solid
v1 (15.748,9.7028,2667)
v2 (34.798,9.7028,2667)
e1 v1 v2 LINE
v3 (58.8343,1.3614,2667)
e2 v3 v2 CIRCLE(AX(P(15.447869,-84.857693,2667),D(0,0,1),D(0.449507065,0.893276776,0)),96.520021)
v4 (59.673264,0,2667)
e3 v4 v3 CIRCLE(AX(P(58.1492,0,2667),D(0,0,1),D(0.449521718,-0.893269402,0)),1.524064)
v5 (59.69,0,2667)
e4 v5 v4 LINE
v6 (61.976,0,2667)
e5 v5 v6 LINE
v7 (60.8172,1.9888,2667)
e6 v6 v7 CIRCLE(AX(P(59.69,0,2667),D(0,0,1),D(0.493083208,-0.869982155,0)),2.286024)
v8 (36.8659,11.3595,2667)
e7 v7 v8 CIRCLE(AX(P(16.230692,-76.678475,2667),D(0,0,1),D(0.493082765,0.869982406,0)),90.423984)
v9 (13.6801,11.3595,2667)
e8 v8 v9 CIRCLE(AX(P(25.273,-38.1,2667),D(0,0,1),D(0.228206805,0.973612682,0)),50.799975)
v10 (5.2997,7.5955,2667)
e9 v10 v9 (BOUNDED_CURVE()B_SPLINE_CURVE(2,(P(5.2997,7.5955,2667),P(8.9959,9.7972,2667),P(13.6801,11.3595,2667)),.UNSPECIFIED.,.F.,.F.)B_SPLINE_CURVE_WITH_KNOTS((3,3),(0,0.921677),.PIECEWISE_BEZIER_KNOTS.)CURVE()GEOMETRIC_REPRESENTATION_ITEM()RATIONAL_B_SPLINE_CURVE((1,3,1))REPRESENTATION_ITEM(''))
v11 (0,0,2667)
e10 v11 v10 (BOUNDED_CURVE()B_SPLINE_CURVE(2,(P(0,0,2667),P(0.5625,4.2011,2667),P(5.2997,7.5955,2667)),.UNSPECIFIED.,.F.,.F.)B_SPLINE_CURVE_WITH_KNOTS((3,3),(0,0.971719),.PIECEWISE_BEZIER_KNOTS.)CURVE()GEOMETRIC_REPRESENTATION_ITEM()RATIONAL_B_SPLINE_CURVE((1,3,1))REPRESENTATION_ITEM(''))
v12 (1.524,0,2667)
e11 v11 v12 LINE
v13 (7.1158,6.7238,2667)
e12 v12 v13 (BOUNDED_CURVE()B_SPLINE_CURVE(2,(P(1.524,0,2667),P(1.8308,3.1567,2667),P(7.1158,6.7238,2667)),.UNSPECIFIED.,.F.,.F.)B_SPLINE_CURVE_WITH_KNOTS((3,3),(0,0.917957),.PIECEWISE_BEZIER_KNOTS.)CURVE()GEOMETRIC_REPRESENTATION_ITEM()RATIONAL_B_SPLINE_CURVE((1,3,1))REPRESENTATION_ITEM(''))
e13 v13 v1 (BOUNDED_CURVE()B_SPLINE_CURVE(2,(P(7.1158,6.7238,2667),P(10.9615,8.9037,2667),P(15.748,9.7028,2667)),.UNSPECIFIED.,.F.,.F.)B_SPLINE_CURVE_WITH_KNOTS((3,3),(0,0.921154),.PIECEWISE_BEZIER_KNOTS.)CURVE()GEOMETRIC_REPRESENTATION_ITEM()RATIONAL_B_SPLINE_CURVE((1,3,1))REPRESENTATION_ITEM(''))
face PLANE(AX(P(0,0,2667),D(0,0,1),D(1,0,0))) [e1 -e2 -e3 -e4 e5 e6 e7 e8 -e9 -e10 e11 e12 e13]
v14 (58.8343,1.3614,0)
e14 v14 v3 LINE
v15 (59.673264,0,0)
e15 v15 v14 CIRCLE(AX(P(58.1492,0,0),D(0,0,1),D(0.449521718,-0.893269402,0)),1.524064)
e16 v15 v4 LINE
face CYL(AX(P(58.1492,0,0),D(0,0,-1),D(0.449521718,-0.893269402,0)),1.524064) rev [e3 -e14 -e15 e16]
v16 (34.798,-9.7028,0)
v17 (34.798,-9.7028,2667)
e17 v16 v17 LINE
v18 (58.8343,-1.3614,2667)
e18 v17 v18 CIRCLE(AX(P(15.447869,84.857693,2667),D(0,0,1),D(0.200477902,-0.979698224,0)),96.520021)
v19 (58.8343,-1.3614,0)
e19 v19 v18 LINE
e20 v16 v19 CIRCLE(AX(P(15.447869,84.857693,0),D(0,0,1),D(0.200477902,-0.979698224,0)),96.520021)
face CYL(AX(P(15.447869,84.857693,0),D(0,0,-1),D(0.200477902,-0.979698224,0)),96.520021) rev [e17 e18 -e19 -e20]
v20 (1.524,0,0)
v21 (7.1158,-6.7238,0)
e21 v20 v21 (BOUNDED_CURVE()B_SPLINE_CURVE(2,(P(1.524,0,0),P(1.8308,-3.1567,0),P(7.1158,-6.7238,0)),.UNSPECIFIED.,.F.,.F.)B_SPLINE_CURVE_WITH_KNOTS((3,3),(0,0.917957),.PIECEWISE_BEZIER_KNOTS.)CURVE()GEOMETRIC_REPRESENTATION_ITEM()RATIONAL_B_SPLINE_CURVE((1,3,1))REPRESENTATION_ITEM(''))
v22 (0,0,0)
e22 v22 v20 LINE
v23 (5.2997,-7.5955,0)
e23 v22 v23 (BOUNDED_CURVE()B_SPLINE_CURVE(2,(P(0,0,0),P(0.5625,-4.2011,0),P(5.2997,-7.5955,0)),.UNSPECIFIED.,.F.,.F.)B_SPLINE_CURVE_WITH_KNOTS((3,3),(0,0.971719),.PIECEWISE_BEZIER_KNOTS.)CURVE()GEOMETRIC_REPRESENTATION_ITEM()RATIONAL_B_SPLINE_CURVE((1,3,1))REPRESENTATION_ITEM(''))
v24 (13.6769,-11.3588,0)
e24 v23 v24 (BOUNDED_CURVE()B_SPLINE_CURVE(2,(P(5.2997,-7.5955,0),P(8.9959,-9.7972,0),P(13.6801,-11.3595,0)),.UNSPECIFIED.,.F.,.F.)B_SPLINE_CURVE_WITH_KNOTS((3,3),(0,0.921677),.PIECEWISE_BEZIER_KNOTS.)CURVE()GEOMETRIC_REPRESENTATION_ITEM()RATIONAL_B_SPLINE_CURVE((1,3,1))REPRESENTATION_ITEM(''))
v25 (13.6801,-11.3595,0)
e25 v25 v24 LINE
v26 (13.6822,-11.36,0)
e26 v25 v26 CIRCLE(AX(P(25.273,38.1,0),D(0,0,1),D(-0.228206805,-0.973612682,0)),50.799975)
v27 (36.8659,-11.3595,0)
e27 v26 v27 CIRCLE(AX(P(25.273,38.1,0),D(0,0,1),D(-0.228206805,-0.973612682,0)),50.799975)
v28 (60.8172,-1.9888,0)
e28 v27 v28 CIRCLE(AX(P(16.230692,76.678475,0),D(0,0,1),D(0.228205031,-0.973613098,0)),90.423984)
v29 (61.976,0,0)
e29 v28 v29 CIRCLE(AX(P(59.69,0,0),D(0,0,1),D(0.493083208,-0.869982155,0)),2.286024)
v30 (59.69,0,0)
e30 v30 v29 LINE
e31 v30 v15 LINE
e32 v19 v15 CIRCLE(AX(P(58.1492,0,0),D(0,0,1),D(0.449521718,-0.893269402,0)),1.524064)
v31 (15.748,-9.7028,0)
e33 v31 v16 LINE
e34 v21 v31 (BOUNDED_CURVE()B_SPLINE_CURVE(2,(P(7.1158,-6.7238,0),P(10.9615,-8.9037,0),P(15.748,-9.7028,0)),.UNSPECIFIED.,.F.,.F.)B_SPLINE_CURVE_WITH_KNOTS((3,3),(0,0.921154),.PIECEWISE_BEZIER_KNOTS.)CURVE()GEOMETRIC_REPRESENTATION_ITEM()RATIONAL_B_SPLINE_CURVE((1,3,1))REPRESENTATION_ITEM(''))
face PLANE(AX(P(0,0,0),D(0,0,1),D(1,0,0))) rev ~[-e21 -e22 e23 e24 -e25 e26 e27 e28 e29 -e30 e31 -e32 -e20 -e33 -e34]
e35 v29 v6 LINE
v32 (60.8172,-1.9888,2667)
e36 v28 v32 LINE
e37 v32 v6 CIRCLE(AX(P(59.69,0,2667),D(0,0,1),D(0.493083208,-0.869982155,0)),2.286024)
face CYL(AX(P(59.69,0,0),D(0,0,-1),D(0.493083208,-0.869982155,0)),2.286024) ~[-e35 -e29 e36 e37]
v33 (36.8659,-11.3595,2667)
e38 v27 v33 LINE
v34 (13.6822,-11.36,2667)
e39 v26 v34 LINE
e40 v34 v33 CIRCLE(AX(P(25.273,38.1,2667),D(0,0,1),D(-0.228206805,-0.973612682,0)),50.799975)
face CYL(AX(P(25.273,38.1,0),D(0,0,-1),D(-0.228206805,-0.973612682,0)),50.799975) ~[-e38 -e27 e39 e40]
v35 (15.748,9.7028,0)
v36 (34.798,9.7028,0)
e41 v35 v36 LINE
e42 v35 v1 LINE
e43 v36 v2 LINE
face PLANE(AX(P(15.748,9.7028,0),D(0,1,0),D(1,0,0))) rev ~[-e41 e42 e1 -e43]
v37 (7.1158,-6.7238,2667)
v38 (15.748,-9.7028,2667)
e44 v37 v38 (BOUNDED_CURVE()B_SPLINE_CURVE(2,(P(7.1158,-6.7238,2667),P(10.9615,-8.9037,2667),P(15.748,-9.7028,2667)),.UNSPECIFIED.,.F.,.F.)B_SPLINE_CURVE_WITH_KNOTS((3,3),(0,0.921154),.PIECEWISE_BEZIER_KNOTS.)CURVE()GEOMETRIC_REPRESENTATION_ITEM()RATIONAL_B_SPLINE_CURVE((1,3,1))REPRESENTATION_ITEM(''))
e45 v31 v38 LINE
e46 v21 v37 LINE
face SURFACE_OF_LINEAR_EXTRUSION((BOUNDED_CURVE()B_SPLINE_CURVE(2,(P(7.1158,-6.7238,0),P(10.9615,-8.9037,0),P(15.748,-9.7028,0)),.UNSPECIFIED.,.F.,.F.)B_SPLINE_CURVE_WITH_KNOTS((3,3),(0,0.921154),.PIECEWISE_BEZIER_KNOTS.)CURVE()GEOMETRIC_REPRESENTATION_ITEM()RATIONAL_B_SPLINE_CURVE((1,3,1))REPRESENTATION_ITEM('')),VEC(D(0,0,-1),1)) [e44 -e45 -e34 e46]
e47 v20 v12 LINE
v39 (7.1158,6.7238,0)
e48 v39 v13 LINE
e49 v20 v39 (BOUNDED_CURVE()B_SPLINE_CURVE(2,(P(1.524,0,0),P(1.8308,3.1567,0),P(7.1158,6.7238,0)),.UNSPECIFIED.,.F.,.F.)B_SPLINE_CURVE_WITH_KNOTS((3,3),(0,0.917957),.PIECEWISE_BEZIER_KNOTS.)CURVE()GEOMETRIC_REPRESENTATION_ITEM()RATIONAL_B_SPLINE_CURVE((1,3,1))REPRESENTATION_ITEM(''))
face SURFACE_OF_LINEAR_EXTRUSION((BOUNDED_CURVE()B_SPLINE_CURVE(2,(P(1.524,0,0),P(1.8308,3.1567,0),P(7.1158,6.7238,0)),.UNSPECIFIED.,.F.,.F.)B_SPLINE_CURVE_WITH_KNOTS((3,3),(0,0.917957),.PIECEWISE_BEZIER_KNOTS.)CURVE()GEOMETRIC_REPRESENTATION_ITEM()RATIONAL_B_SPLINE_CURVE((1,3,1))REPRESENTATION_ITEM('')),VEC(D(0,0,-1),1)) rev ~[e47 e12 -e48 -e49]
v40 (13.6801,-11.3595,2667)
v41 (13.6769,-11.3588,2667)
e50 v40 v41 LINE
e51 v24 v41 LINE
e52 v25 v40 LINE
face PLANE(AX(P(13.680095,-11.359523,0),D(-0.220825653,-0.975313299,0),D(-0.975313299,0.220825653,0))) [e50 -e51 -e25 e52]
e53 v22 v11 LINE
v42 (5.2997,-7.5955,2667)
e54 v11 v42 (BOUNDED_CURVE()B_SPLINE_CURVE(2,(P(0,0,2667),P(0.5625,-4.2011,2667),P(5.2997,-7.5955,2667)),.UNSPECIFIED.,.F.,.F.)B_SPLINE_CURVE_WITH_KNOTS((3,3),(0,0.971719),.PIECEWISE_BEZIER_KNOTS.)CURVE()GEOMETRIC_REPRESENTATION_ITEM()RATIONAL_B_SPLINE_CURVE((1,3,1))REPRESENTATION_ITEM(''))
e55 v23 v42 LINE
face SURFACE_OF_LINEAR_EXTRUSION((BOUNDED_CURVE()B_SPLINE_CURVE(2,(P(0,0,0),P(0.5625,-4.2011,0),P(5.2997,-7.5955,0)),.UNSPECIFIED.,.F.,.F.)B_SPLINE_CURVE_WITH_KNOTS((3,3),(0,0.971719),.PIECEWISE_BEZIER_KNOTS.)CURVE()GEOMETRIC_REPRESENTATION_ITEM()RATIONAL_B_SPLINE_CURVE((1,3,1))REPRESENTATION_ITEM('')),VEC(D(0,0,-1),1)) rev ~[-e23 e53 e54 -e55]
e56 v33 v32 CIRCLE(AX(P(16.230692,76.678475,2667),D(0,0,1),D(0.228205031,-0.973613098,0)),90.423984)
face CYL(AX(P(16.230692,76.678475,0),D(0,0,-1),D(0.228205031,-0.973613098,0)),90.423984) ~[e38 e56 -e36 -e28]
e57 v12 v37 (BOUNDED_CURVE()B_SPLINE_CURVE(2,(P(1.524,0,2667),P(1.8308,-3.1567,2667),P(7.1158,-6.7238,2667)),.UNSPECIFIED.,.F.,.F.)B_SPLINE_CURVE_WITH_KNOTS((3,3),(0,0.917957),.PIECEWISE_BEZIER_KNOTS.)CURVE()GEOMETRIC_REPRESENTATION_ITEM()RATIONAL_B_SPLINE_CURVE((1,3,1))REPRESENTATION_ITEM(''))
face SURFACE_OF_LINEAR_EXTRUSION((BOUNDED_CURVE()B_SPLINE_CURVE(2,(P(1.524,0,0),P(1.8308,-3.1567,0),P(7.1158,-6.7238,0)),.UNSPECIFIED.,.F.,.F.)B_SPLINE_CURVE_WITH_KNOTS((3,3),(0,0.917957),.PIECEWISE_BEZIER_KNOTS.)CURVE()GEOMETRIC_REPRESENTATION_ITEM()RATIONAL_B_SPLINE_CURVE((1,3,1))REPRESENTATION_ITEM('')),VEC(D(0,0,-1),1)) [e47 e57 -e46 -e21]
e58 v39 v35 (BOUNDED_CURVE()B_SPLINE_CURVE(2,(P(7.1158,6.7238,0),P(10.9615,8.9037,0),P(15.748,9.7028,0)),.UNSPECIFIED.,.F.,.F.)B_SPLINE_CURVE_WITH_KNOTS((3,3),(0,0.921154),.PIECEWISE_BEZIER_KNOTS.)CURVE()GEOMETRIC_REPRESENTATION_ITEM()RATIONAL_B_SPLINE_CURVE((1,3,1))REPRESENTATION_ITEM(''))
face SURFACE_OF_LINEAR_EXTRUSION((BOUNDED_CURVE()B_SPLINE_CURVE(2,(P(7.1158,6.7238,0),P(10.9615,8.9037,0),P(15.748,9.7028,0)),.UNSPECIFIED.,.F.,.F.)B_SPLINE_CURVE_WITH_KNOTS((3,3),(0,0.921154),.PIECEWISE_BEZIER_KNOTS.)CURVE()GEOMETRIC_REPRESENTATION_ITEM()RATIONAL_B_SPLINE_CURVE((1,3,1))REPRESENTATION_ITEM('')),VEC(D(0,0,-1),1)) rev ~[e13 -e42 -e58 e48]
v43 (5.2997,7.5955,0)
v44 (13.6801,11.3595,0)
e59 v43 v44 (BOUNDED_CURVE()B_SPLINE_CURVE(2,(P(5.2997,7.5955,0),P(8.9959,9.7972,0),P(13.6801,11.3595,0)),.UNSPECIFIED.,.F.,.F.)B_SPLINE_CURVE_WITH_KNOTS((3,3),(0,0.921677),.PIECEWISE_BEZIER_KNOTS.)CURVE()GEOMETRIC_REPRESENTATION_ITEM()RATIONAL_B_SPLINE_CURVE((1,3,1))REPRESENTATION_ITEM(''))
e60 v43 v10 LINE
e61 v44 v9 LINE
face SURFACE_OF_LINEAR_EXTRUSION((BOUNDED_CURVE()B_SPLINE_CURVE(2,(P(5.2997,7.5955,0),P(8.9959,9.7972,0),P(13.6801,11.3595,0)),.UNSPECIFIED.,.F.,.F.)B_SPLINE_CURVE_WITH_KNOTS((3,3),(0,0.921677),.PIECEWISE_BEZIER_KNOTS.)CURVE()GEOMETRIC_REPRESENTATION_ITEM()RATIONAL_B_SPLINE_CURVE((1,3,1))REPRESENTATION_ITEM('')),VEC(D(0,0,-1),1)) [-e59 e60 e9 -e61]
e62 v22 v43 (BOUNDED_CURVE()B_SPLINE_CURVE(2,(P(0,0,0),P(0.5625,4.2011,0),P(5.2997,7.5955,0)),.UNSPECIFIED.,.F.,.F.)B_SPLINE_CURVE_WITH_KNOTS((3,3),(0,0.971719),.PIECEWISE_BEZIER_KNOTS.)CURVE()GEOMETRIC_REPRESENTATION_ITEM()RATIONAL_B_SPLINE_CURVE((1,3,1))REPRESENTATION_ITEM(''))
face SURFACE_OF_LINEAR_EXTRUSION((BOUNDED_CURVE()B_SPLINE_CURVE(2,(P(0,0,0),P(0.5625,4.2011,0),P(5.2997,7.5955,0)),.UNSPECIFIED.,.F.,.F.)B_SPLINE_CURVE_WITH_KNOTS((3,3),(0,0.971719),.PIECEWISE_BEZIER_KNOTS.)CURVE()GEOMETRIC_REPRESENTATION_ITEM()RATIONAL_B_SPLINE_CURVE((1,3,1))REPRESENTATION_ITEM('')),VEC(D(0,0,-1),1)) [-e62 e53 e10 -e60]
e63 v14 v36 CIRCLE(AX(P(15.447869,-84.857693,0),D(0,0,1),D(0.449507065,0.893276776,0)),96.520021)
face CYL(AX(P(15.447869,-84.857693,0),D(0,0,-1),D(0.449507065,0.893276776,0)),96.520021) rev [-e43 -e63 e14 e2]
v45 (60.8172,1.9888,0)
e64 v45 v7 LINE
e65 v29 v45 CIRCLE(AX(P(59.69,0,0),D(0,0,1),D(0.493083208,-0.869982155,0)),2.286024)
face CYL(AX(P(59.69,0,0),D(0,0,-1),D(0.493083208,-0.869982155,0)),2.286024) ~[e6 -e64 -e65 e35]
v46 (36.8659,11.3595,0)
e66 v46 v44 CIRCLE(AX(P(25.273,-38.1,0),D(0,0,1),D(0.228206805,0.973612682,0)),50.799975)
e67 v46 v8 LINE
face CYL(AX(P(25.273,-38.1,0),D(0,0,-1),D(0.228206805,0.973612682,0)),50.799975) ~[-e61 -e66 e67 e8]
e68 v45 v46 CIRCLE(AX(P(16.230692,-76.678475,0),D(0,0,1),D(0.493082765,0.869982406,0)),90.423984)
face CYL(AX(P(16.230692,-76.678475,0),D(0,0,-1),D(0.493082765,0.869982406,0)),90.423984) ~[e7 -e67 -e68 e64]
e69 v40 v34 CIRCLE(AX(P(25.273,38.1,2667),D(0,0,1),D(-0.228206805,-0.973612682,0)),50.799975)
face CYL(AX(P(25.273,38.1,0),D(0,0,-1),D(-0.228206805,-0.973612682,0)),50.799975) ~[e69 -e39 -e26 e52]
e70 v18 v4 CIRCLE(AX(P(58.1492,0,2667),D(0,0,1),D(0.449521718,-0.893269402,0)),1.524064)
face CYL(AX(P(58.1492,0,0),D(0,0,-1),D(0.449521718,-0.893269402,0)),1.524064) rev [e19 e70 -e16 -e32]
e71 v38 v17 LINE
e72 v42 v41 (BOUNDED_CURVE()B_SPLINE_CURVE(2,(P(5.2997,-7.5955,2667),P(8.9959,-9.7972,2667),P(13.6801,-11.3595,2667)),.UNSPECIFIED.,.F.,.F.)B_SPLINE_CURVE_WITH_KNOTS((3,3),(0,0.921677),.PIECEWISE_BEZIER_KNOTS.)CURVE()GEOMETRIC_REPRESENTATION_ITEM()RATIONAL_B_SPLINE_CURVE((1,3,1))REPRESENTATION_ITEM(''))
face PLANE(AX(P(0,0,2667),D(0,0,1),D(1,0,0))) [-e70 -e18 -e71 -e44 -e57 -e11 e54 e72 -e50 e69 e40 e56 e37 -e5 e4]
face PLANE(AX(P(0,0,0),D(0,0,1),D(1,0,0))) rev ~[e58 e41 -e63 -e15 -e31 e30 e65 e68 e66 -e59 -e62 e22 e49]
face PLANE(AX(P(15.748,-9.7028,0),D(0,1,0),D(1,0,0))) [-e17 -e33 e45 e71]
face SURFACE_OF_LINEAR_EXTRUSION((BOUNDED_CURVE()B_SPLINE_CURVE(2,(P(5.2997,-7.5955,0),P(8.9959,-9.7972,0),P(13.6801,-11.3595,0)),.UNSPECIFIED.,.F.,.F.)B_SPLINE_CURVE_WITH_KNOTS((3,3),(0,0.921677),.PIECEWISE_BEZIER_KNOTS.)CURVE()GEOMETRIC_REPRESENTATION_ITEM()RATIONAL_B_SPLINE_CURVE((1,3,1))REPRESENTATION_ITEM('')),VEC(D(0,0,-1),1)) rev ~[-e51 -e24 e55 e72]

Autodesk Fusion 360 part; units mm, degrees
sketch "Large Strut" plane through (0, 0, 0) normal (0, 0, 1) x (1, 0, 0)
  arc A0 (47.7706, 13.9652) -> (20.1744, 13.9652) centre (33.9725, -34.925) ccw
  line L0 (20.1744, 13.9652) -> (47.7706, 13.9652) construction
  line L1 (22.86, 12.8778) -> (45.085, 12.8778)
  line L2 (33.9725, 15.875) -> (33.9725, 12.8778) construction
  line L3 (22.86, 12.8778) -> (20.1744, 13.9652) construction
  line L4 (47.7706, 13.9652) -> (45.085, 12.8778) construction
  arc A1 (78.0917, 2.275) -> (47.7706, 13.9652) centre (0.204, -154.5758) ccw
  arc A2 (78.0917, -2.275) -> (78.0917, 2.275) centre (76.962, 0) ccw
  line L5 (78.0917, 2.275) -> (78.0917, -2.275) construction
  line L6 (0, 0) -> (79.502, 0) construction
  spline S0 degree 2 poles (7.4146, 7.3568) (2.7262, 4.2744) (1.778, 0) knots 0 0 0 0.96774 0.96774 0.96774 weights 1 3 1
  arc A3 (22.86, 12.8778) -> (7.4146, 7.3568) centre (44.0356, -70.728) ccw
  arc A4 (74.5112, -2.0661) -> (74.5112, 2.0661) centre (73.533, 0) ccw
  line L7 (74.5112, 2.0661) -> (74.5112, -2.0661) construction
  arc A5 (74.5112, 2.0661) -> (45.085, 12.8778) centre (-0.0506, -155.4188) ccw
  line L8 (75.819, 0) -> (79.502, 0)
  line L9 (33.9725, 12.8778) -> (33.9725, -34.925) construction
  arc A6 (20.1744, -13.9652) -> (47.7706, -13.9652) centre (33.9725, 34.925) ccw
  spline S1 degree 2 poles (7.4146, -7.3568) (2.7262, -4.2744) (1.778, 0) knots 0 0 0 0.96774 0.96774 0.96774 weights 1 3 1
  arc A7 (7.4146, -7.3568) -> (22.86, -12.8778) centre (44.0356, 70.728) ccw
  line L10 (22.86, -12.8778) -> (45.085, -12.8778)
  arc A8 (47.7706, -13.9652) -> (78.0917, -2.275) centre (0.204, 154.5758) ccw
  arc A9 (45.085, -12.8778) -> (74.5112, -2.0661) centre (-0.0506, 155.4188) ccw
  line L11 (1.778, 0) -> (0, 0)
  spline S2 degree 2 poles (0, 0) (1.0542, -5.7805) (6.2656, -9.135) knots 0 0 0 1.164804 1.164804 1.164804 weights 1 3 1
  spline S3 degree 5 poles (6.2656, -9.135) (6.8099, -9.3744) (7.8882, -9.8418) (9.4748, -10.5093) (11.5273, -11.3308) (13.9804, -12.2352) (16.3085, -13.0035) (18.4971, -13.6199) (20.5324, -14.0694) (22.4079, -14.3449) (24.1291, -14.4526) (25.3902, -14.4124) (26.2744, -14.3152) (26.8369, -14.2212) (27.1115, -14.1668) knots 0 0 0 0 0 0 0.1 0.2 0.3 0.4 0.5 0.6 0.7 0.8 0.9 1 1 1 1 1 1
  spline S4 degree 2 poles (0, 0) (1.0542, 5.7805) (6.2656, 9.135) knots 0 0 0 1.164804 1.164804 1.164804 weights 1 3 1
  spline S5 degree 5 poles (6.2656, 9.135) (6.8099, 9.3744) (7.8882, 9.8418) (9.4748, 10.5093) (11.5273, 11.3308) (13.9804, 12.2352) (16.3085, 13.0035) (18.4971, 13.6199) (20.5324, 14.0694) (22.4079, 14.3449) (24.1291, 14.4526) (25.3902, 14.4124) (26.2744, 14.3152) (26.8369, 14.2212) (27.1115, 14.1668) knots 0 0 0 0 0 0 0.1 0.2 0.3 0.4 0.5 0.6 0.7 0.8 0.9 1 1 1 1 1 1
  line L12 (3.8231, -8.0611) -> (8.7082, -10.209)
  line L13 (25.2685, -14.5318) -> (28.9545, -13.8018)
  line L14 (3.8231, 8.0611) -> (8.7082, 10.209)
  line L15 (25.2685, 14.5318) -> (28.9545, 13.8018)
  point P0 (47.7706, 13.9652)
  point P1 (20.1744, 13.9652)
  point P2 (78.0917, 2.275)
  point P3 (76.962, 0)
  point P4 (73.533, 0)
  point P5 (79.502, 0)
  point P6 (74.5112, 2.0661)
  point P7 (20.1744, 13.9652)
  point P8 (33.9725, 0)
  dimension "d6" = 22.225
  dimension "d19" = 12.8778
  dimension "d21" = 15.875
  dimension "d24" = 22.86
  dimension "d25" = 79.502
  dimension "d26" = 3.429
  dimension "d27" = 1.778
  dimension "d30" = 50.8
  dimension "d31" = 2.54
  dimension "d33" = 2.286
  dimension "d34" = 174.244
  dimension "d49" = 74.3072
  dimension "d50" = 175.1246
sketch "Small Strut" plane through (0, 0, 0) normal (0, 0, 1) x (1, 0, 0)
  line L0 (0, 0) -> (61.976, 0) construction
  line L1 (15.748, 9.7028) -> (34.798, 9.7028)
  arc A0 (36.8659, 11.3595) -> (13.6801, 11.3595) centre (25.273, -38.1) ccw
  line L2 (13.6801, 11.3595) -> (15.748, 9.7028) construction
  line L3 (36.8659, 11.3595) -> (34.798, 9.7028) construction
  arc A1 (60.8172, -1.9888) -> (60.8172, 1.9888) centre (59.69, 0) ccw
  line L4 (60.8172, 1.9888) -> (60.8172, -1.9888) construction
  line L5 (58.8343, 1.3614) -> (58.8343, -1.3614) construction
  arc A2 (60.8172, 1.9888) -> (36.8659, 11.3595) centre (16.2305, -76.6784) ccw
  arc A3 (58.8343, 1.3614) -> (34.798, 9.7028) centre (15.4476, -84.8576) ccw
  line L6 (25.273, 9.7028) -> (25.273, 12.7) construction
  spline S0 degree 2 poles (0, 0) (0.5625, 4.2011) (5.2997, 7.5955) knots 0 0 0 0.971719 0.971719 0.971719 weights 1 3 1
  spline S1 degree 2 poles (1.524, 0) (1.8308, 3.1567) (7.1158, 6.7238) knots 0 0 0 0.917957 0.917957 0.917957 weights 1 3 1
  line L7 (0, 0) -> (1.524, 0)
  line L8 (59.69, 0) -> (61.976, 0)
  arc A4 (58.8343, -1.3614) -> (58.8343, 1.3614) centre (58.1492, 0) ccw
  line L9 (59.69, 0) -> (58.1492, 0)
  arc A5 (36.8659, -11.3595) -> (60.8172, -1.9888) centre (16.2305, 76.6784) ccw
  arc A6 (34.798, -9.7028) -> (58.8343, -1.3614) centre (15.4476, 84.8576) ccw
  arc A7 (13.6801, -11.3595) -> (36.8659, -11.3595) centre (25.273, 38.1) ccw
  line L10 (15.748, -9.7028) -> (34.798, -9.7028)
  spline S2 degree 2 poles (1.524, 0) (1.8308, -3.1567) (7.1158, -6.7238) knots 0 0 0 0.917957 0.917957 0.917957 weights 1 3 1
  spline S3 degree 2 poles (0, 0) (0.5625, -4.2011) (5.2997, -7.5955) knots 0 0 0 0.971719 0.971719 0.971719 weights 1 3 1
  line L11 (13.6822, -11.36) -> (13.6769, -11.3588)
  spline S4 degree 2 poles (5.2997, 7.5955) (8.9959, 9.7972) (13.6801, 11.3595) knots 0 0 0 0.921677 0.921677 0.921677 weights 1 3 1
  spline S5 degree 2 poles (7.1158, 6.7238) (10.9615, 8.9037) (15.748, 9.7028) knots 0 0 0 0.921154 0.921154 0.921154 weights 1 3 1
  spline S6 degree 2 poles (7.1158, -6.7238) (10.9615, -8.9037) (15.748, -9.7028) knots 0 0 0 0.921154 0.921154 0.921154 weights 1 3 1
  spline S7 degree 2 poles (5.2997, -7.5955) (8.9959, -9.7972) (13.6801, -11.3595) knots 0 0 0 0.921677 0.921677 0.921677 weights 1 3 1
  line L12 (25.273, 9.7028) -> (25.273, -9.7028) construction
  point P0 (59.69, 0)
  point P1 (25.273, 0)
  dimension "d35" = 19.05
  dimension "d37" = 61.976
  dimension "d38" = 2.286
  dimension "d39" = 9.7028
  dimension "d40" = 50.8
  dimension "d41" = 12.7
  dimension "d42" = 15.748
  dimension "d43" = 1.524
  dimension "d44" = 1.524
  dimension "d45" = 90.424
  dimension "d46" = 96.52
extrude "Extrude3" add sketch "Small Strut" along normal blind 2667 contours L1 A0 A1 A2 A3 S0 S1 L7 L8 A4 L9 S4 S5 | A1 L7 L8 A4 L9 A5 A6 A7 L10 S2 S3 L11 S6 S7
equation "d19 = ( 1.014 / 2 ) * 1 in"
equation "d21 = ( 1.25 / 2 ) * 1 in"
equation "d39 = ( 0.764 / 2 ) * 1 in"
